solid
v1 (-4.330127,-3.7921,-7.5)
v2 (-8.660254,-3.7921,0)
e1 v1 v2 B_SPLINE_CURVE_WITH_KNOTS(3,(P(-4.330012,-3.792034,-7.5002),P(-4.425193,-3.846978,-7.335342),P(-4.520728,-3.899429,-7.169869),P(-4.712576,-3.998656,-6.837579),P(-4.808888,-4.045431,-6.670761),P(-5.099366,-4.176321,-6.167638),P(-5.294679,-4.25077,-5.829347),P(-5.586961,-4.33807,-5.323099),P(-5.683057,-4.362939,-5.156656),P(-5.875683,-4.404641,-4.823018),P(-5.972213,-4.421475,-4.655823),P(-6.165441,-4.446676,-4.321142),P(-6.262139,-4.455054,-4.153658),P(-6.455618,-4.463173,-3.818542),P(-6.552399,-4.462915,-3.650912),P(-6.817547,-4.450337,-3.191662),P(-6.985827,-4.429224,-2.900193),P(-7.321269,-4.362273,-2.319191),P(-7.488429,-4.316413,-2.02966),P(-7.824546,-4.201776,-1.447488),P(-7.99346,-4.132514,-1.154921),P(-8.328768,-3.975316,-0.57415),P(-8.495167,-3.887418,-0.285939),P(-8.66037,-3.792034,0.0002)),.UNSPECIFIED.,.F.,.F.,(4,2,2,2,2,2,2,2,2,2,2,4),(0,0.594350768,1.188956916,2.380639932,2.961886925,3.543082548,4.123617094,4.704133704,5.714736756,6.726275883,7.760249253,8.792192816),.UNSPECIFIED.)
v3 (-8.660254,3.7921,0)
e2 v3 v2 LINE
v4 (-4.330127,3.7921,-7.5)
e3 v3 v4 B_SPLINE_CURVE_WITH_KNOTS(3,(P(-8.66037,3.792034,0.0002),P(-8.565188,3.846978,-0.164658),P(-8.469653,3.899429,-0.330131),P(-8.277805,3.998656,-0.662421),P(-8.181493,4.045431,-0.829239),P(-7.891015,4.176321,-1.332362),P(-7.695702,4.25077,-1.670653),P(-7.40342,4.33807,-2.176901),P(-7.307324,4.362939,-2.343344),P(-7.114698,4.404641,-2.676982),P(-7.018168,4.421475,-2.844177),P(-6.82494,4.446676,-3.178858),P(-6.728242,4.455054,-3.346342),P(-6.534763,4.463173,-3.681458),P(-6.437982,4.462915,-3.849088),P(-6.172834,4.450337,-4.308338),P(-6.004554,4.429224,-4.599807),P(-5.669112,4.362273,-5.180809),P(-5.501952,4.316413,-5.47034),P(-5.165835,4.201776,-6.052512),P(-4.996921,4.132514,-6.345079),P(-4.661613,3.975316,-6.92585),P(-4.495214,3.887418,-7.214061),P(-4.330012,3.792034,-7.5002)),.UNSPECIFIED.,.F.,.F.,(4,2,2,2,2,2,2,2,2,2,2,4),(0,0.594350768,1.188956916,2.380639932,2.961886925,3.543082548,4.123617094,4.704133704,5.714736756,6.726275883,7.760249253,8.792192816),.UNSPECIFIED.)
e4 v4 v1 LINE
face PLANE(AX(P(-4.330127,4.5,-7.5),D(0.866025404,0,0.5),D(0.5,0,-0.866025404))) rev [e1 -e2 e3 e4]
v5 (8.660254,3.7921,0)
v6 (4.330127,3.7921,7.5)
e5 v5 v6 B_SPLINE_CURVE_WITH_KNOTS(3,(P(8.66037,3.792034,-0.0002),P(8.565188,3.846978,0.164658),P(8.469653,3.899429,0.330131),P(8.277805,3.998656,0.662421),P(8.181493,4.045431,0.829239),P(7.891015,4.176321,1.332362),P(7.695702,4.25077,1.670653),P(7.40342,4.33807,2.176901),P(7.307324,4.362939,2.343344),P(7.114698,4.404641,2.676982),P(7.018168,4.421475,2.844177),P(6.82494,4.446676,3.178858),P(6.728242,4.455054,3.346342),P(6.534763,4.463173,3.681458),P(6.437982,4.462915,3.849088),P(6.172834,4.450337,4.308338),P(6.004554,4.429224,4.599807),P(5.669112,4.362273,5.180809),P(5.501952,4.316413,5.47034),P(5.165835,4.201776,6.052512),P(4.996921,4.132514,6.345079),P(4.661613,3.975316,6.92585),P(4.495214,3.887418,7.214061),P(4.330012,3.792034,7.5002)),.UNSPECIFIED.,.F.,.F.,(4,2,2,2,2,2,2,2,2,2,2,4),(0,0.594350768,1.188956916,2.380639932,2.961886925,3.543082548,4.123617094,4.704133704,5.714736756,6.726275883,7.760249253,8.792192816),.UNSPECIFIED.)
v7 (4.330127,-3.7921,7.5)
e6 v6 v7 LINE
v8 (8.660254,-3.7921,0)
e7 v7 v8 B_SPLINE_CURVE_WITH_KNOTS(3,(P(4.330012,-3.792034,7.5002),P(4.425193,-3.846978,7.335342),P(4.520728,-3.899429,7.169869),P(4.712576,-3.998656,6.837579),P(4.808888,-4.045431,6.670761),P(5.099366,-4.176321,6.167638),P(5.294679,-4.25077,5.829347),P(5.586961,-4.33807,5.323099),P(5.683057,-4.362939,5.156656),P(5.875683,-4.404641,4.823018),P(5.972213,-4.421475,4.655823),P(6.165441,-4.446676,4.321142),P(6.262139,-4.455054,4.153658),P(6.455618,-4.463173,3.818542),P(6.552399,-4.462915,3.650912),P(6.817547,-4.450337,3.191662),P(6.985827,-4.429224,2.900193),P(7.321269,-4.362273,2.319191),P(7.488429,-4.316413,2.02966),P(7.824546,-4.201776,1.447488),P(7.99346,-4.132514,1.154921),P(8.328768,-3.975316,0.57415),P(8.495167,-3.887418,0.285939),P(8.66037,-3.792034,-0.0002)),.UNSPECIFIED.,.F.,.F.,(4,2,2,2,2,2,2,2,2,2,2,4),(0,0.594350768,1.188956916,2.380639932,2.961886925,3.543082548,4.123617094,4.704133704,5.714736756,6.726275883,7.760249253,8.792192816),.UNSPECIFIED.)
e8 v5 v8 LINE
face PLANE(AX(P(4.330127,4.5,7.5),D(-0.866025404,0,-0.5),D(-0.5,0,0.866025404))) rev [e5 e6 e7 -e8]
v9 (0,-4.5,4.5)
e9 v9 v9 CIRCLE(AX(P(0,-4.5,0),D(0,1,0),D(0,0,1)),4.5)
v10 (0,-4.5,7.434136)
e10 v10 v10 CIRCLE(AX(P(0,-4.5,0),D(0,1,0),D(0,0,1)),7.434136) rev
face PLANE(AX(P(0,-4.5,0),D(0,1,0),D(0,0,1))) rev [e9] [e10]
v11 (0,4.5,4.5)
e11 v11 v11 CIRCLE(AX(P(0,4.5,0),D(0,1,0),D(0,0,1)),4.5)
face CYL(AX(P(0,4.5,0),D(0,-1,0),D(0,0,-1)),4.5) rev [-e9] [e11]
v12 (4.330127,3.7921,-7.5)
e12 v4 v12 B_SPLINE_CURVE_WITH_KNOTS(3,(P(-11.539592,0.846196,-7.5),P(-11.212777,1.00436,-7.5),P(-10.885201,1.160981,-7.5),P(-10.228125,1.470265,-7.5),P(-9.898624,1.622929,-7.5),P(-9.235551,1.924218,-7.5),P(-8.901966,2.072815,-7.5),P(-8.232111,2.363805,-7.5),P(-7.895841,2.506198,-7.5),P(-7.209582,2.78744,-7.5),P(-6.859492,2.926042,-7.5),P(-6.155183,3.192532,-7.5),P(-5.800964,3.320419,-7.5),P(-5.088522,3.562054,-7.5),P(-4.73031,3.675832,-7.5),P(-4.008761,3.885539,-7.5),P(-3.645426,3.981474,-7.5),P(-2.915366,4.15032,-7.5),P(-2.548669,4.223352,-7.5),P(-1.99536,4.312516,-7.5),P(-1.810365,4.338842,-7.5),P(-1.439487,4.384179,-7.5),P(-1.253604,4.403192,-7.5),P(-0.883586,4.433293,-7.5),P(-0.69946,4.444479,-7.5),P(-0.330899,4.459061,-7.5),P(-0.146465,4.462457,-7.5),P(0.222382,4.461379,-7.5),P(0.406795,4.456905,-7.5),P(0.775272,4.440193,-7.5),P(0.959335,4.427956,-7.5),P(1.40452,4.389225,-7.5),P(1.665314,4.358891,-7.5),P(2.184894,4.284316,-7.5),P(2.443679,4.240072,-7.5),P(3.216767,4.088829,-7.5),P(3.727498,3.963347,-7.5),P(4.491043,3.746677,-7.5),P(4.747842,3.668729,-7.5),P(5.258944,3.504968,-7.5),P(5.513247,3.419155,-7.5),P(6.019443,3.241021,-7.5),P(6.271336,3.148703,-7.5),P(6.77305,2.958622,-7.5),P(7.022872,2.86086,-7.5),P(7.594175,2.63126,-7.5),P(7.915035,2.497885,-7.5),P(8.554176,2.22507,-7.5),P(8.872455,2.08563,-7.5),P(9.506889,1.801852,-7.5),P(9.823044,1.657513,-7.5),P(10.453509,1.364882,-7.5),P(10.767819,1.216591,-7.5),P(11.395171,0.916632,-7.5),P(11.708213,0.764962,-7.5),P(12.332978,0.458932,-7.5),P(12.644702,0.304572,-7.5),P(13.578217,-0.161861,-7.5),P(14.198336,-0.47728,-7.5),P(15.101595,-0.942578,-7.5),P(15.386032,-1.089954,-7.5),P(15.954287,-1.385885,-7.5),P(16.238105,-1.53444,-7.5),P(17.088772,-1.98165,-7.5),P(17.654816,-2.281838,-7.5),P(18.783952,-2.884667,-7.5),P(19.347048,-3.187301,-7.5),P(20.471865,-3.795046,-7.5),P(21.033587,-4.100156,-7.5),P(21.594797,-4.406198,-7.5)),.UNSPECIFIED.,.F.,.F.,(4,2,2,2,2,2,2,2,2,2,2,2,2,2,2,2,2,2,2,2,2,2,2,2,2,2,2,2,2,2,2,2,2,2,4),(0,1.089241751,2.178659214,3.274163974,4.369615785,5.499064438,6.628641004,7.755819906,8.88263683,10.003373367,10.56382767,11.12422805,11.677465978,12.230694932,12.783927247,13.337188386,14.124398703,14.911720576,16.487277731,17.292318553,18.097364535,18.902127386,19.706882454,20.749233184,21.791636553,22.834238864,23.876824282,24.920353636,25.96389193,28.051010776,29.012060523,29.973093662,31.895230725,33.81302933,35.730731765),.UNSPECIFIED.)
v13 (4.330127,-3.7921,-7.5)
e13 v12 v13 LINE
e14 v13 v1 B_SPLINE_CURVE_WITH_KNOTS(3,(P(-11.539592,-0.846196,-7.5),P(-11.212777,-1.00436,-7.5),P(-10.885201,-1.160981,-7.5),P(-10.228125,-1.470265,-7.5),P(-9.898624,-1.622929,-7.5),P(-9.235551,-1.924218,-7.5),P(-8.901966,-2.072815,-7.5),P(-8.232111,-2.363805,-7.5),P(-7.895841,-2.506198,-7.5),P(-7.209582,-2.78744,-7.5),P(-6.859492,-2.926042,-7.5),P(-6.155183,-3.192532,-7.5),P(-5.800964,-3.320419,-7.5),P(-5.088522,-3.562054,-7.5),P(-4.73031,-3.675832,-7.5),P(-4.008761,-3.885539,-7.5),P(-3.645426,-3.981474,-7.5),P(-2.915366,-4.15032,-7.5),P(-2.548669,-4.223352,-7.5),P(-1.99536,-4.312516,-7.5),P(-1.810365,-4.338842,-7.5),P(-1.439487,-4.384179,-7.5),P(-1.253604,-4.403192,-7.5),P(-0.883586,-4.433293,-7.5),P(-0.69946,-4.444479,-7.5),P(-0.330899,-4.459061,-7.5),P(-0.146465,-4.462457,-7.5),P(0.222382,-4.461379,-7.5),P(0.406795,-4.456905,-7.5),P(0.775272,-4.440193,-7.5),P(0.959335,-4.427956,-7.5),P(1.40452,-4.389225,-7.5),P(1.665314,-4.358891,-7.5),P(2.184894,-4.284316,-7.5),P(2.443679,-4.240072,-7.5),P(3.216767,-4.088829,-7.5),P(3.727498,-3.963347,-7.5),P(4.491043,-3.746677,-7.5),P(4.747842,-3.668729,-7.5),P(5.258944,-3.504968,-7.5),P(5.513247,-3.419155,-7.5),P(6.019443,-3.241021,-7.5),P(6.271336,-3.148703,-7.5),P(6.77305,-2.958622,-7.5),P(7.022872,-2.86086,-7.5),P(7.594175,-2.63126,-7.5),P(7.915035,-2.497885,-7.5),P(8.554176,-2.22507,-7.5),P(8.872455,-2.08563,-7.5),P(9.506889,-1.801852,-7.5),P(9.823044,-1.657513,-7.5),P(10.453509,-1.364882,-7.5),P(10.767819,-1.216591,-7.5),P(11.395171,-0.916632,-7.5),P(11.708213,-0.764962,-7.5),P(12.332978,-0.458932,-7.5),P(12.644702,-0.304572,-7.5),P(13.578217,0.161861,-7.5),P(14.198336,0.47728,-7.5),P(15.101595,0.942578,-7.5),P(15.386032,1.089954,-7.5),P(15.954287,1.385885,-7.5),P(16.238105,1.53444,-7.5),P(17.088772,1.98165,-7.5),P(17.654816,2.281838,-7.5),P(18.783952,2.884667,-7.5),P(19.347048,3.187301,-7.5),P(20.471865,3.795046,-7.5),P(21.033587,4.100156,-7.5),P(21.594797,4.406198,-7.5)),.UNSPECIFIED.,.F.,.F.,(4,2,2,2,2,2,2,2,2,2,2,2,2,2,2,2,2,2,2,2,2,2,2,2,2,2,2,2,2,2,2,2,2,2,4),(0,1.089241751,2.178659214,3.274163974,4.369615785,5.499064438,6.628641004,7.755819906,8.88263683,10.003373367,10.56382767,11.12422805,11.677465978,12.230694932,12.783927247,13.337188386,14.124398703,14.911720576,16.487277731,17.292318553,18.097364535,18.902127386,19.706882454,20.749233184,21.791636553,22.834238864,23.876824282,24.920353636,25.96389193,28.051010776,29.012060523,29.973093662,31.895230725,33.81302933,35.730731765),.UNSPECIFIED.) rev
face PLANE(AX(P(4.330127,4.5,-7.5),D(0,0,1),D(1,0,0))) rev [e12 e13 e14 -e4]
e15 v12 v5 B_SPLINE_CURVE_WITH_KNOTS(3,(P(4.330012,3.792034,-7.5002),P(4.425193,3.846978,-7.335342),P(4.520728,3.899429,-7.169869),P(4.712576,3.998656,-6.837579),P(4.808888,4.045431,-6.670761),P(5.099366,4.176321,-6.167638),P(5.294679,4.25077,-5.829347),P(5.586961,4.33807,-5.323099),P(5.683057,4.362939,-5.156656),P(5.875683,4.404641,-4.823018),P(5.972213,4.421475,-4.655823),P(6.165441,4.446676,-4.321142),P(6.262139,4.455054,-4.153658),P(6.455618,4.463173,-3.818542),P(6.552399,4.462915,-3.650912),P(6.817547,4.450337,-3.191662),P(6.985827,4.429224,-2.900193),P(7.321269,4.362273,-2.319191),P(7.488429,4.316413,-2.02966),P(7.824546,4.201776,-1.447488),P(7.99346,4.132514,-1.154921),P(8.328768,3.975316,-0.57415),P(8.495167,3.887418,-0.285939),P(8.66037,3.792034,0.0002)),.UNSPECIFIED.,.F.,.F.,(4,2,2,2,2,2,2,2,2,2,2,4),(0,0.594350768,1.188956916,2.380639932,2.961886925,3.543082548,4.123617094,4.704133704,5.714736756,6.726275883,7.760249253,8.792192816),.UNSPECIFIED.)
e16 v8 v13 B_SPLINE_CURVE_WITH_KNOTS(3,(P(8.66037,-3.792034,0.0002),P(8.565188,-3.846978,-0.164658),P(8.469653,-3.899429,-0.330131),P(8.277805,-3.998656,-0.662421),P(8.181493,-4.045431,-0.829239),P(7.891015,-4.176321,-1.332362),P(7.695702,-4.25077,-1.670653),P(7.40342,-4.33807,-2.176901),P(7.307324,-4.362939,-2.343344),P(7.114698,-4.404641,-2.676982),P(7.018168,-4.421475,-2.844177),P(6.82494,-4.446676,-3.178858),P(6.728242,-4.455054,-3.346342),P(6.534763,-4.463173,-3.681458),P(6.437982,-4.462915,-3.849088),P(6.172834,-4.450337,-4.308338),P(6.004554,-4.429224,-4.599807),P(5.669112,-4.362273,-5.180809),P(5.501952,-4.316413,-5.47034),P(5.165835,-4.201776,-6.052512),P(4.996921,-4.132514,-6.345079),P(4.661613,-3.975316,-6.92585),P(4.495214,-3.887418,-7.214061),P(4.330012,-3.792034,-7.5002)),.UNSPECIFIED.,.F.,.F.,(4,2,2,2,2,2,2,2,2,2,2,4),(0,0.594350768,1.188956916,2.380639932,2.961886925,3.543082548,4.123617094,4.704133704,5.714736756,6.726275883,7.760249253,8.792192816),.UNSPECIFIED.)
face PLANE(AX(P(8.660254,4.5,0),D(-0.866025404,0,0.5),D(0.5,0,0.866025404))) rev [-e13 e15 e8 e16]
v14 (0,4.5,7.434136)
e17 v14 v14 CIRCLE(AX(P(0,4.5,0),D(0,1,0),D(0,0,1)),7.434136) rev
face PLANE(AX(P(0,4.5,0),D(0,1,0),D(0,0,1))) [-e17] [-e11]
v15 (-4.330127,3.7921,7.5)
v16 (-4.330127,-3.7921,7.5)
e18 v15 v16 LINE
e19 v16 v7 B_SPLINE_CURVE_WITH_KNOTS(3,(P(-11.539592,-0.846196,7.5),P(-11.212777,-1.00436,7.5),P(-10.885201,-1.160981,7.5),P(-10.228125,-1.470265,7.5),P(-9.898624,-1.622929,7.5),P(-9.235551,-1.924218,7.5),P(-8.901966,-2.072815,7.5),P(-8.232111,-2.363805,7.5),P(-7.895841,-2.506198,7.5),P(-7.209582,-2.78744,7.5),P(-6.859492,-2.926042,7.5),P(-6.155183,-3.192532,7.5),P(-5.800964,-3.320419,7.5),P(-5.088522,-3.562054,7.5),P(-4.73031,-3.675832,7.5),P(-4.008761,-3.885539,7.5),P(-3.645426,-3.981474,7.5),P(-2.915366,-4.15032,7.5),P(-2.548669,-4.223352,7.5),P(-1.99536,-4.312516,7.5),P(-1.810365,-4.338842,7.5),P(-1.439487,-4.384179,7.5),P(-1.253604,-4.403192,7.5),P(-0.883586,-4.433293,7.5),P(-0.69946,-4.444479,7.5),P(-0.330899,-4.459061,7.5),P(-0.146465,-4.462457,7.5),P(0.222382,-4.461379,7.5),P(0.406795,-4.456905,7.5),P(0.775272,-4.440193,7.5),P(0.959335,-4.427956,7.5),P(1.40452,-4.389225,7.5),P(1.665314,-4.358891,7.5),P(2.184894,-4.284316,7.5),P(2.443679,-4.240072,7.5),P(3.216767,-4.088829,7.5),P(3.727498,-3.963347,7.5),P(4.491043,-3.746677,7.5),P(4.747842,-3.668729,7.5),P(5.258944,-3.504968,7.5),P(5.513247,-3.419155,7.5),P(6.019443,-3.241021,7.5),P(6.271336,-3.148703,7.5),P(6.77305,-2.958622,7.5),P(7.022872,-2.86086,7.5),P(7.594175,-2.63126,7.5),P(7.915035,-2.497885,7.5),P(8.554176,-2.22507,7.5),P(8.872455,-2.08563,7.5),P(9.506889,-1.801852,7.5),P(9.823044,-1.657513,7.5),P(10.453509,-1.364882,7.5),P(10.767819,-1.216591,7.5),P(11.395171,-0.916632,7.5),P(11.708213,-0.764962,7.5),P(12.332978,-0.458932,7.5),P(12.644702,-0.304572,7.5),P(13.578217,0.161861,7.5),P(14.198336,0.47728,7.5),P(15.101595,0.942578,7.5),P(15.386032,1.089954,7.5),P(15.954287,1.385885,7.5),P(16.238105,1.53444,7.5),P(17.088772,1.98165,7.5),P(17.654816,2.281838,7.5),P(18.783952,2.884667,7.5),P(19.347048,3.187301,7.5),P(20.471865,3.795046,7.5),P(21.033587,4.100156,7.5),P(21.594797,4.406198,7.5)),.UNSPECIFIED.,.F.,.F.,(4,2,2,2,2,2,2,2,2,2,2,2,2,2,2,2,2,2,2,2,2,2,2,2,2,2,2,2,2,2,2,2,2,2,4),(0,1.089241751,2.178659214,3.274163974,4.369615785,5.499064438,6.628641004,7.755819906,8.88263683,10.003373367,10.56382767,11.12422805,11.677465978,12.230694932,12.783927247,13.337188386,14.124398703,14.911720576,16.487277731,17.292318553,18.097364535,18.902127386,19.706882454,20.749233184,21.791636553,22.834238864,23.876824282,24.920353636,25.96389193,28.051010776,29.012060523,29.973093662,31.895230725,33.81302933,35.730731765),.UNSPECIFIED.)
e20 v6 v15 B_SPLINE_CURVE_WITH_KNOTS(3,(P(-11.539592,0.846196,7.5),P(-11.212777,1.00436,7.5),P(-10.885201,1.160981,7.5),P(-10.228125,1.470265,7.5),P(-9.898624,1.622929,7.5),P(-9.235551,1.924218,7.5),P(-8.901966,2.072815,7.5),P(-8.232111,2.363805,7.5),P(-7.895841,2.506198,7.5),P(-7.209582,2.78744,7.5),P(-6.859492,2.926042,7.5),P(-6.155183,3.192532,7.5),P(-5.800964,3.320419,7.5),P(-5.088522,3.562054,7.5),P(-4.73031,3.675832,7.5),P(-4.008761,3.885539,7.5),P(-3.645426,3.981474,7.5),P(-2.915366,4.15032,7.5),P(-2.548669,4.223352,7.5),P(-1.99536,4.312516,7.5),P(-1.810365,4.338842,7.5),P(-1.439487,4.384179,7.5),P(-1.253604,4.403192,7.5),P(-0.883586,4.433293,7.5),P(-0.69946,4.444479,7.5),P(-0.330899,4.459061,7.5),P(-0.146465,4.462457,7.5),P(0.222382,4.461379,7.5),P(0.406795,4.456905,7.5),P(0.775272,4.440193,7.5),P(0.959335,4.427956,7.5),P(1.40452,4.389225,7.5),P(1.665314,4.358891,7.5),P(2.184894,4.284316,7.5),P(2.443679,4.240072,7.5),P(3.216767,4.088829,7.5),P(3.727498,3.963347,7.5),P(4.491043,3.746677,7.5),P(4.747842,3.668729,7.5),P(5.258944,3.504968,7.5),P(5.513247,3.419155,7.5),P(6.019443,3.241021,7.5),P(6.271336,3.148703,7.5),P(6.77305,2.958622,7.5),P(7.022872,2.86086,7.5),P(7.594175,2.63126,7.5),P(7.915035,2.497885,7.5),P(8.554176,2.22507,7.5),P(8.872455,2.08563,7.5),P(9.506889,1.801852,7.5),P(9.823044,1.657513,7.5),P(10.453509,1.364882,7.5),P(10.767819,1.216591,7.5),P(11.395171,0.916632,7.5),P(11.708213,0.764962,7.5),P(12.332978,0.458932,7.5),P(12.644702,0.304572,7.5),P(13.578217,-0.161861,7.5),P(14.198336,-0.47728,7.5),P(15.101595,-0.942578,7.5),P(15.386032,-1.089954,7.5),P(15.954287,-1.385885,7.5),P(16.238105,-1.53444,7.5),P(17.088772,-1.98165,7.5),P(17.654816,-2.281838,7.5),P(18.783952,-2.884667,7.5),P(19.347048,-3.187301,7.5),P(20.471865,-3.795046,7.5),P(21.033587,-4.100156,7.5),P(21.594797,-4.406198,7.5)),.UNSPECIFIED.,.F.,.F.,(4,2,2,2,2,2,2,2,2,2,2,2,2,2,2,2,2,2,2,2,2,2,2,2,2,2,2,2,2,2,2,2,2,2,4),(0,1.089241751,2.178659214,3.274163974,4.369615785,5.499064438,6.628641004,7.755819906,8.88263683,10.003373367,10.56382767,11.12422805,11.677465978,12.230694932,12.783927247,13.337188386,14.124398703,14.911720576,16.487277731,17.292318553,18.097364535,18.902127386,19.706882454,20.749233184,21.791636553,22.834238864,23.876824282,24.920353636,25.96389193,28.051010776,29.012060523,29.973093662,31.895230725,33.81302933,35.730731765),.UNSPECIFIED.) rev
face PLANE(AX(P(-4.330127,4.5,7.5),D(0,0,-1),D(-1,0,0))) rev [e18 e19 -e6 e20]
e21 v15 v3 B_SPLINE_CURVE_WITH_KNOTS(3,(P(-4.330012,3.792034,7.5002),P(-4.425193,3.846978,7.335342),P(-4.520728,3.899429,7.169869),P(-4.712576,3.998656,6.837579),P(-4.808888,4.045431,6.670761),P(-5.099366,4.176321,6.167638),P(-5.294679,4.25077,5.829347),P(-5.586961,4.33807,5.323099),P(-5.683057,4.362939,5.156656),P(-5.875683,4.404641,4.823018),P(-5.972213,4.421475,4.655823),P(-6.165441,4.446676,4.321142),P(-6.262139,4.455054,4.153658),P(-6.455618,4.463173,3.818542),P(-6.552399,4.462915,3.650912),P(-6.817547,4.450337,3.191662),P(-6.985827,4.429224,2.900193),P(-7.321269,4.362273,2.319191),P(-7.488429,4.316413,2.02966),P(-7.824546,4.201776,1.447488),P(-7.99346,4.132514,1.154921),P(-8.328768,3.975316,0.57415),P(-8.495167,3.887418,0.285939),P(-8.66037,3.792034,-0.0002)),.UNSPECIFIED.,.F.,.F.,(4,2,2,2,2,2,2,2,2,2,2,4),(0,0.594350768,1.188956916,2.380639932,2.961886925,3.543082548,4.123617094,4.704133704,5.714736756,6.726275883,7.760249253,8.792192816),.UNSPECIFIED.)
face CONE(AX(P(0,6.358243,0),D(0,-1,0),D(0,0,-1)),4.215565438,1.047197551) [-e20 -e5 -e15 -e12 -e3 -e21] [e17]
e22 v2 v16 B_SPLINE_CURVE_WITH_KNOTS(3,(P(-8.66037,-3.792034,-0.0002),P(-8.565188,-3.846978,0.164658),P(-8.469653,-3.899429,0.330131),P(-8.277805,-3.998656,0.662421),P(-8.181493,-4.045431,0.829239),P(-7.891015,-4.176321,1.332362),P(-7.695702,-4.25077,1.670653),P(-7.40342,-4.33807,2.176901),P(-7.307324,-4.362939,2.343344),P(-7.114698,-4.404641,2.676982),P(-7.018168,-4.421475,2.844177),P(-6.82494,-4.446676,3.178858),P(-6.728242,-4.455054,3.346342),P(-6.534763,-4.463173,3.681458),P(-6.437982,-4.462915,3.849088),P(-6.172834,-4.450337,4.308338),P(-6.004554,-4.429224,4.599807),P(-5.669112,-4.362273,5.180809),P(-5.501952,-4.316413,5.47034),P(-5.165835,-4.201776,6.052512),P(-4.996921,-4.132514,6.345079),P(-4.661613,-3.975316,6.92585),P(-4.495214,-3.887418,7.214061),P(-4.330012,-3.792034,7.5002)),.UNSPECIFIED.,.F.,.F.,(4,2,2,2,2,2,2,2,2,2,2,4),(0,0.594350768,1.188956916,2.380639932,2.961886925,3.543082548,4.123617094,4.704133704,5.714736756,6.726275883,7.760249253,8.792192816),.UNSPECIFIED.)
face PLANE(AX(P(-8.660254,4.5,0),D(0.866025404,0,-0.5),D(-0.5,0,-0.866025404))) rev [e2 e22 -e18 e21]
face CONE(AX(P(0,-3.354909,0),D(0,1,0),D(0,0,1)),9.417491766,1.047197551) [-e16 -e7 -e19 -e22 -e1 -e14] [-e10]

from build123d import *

# Parameters (mm, degrees)
SKETCH1_R           = 4.5
BOSS_EXTRUDE1_DEPTH = 4.5


with BuildPart() as part:
    # Sketch1 → Boss-Extrude1 (new body, symmetric)
    with BuildSketch(Plane(origin=(0, 0, 0), x_dir=(1, 0, 0), z_dir=(0, 1, 0))):
        Polygon((8.660254038, 0), (4.330127019, 7.5), (-4.330127019, 7.5), (-8.660254038, 0), (-4.330127019, -7.5), (4.330127019, -7.5), align=None)
        with Locations(Location((0, 0, 0), (0, 0, 270))):  # turned: the seam where the file's is
            Circle(SKETCH1_R, mode=Mode.SUBTRACT)
    extrude(amount=BOSS_EXTRUDE1_DEPTH, both=True)

    # Sketch3 → Cut-Revolve2 (revolve, cut)
    with BuildSketch(Plane(origin=(0, 0, 0), x_dir=(0, 0, -1), z_dir=(1, 0, 0)), mode=Mode.PRIVATE) as cut_revolve2_sk:
        Polygon((4.215565438, 6.358242553), (9.417491766, 3.354908986), (9.417491766, 6.358242553), align=None)
        Polygon((9.417491766, -6.358242553), (4.215565438, -6.358242553), (9.417491766, -3.354908986), align=None)
    revolve(cut_revolve2_sk.sketch.rotate(Axis((0, 0, 0), (0, 1, 0)), 180), axis=Axis((0, 0, 0), (0, 1, 0)), mode=Mode.SUBTRACT)  # turned: the seam where the file's is

    # Sketch2 → Cut-Revolve1 (revolve, cut)
    with BuildSketch(Plane.XY, mode=Mode.PRIVATE) as cut_revolve1_sk:
        Polygon((4.548999988, 6.358242553), (10.760780108, 2.771869628), (10.760780108, 6.358242553), align=None)
        Polygon((10.760780108, -6.358242553), (4.548999988, -6.358242553), (10.760780108, -2.771869628), align=None)
    revolve(cut_revolve1_sk.sketch.rotate(Axis((0, 0, 0), (0, 1, 0)), 270), axis=Axis((0, 0, 0), (0, 1, 0)), mode=Mode.SUBTRACT)  # turned: the seam where the file's is


solid = part.part
